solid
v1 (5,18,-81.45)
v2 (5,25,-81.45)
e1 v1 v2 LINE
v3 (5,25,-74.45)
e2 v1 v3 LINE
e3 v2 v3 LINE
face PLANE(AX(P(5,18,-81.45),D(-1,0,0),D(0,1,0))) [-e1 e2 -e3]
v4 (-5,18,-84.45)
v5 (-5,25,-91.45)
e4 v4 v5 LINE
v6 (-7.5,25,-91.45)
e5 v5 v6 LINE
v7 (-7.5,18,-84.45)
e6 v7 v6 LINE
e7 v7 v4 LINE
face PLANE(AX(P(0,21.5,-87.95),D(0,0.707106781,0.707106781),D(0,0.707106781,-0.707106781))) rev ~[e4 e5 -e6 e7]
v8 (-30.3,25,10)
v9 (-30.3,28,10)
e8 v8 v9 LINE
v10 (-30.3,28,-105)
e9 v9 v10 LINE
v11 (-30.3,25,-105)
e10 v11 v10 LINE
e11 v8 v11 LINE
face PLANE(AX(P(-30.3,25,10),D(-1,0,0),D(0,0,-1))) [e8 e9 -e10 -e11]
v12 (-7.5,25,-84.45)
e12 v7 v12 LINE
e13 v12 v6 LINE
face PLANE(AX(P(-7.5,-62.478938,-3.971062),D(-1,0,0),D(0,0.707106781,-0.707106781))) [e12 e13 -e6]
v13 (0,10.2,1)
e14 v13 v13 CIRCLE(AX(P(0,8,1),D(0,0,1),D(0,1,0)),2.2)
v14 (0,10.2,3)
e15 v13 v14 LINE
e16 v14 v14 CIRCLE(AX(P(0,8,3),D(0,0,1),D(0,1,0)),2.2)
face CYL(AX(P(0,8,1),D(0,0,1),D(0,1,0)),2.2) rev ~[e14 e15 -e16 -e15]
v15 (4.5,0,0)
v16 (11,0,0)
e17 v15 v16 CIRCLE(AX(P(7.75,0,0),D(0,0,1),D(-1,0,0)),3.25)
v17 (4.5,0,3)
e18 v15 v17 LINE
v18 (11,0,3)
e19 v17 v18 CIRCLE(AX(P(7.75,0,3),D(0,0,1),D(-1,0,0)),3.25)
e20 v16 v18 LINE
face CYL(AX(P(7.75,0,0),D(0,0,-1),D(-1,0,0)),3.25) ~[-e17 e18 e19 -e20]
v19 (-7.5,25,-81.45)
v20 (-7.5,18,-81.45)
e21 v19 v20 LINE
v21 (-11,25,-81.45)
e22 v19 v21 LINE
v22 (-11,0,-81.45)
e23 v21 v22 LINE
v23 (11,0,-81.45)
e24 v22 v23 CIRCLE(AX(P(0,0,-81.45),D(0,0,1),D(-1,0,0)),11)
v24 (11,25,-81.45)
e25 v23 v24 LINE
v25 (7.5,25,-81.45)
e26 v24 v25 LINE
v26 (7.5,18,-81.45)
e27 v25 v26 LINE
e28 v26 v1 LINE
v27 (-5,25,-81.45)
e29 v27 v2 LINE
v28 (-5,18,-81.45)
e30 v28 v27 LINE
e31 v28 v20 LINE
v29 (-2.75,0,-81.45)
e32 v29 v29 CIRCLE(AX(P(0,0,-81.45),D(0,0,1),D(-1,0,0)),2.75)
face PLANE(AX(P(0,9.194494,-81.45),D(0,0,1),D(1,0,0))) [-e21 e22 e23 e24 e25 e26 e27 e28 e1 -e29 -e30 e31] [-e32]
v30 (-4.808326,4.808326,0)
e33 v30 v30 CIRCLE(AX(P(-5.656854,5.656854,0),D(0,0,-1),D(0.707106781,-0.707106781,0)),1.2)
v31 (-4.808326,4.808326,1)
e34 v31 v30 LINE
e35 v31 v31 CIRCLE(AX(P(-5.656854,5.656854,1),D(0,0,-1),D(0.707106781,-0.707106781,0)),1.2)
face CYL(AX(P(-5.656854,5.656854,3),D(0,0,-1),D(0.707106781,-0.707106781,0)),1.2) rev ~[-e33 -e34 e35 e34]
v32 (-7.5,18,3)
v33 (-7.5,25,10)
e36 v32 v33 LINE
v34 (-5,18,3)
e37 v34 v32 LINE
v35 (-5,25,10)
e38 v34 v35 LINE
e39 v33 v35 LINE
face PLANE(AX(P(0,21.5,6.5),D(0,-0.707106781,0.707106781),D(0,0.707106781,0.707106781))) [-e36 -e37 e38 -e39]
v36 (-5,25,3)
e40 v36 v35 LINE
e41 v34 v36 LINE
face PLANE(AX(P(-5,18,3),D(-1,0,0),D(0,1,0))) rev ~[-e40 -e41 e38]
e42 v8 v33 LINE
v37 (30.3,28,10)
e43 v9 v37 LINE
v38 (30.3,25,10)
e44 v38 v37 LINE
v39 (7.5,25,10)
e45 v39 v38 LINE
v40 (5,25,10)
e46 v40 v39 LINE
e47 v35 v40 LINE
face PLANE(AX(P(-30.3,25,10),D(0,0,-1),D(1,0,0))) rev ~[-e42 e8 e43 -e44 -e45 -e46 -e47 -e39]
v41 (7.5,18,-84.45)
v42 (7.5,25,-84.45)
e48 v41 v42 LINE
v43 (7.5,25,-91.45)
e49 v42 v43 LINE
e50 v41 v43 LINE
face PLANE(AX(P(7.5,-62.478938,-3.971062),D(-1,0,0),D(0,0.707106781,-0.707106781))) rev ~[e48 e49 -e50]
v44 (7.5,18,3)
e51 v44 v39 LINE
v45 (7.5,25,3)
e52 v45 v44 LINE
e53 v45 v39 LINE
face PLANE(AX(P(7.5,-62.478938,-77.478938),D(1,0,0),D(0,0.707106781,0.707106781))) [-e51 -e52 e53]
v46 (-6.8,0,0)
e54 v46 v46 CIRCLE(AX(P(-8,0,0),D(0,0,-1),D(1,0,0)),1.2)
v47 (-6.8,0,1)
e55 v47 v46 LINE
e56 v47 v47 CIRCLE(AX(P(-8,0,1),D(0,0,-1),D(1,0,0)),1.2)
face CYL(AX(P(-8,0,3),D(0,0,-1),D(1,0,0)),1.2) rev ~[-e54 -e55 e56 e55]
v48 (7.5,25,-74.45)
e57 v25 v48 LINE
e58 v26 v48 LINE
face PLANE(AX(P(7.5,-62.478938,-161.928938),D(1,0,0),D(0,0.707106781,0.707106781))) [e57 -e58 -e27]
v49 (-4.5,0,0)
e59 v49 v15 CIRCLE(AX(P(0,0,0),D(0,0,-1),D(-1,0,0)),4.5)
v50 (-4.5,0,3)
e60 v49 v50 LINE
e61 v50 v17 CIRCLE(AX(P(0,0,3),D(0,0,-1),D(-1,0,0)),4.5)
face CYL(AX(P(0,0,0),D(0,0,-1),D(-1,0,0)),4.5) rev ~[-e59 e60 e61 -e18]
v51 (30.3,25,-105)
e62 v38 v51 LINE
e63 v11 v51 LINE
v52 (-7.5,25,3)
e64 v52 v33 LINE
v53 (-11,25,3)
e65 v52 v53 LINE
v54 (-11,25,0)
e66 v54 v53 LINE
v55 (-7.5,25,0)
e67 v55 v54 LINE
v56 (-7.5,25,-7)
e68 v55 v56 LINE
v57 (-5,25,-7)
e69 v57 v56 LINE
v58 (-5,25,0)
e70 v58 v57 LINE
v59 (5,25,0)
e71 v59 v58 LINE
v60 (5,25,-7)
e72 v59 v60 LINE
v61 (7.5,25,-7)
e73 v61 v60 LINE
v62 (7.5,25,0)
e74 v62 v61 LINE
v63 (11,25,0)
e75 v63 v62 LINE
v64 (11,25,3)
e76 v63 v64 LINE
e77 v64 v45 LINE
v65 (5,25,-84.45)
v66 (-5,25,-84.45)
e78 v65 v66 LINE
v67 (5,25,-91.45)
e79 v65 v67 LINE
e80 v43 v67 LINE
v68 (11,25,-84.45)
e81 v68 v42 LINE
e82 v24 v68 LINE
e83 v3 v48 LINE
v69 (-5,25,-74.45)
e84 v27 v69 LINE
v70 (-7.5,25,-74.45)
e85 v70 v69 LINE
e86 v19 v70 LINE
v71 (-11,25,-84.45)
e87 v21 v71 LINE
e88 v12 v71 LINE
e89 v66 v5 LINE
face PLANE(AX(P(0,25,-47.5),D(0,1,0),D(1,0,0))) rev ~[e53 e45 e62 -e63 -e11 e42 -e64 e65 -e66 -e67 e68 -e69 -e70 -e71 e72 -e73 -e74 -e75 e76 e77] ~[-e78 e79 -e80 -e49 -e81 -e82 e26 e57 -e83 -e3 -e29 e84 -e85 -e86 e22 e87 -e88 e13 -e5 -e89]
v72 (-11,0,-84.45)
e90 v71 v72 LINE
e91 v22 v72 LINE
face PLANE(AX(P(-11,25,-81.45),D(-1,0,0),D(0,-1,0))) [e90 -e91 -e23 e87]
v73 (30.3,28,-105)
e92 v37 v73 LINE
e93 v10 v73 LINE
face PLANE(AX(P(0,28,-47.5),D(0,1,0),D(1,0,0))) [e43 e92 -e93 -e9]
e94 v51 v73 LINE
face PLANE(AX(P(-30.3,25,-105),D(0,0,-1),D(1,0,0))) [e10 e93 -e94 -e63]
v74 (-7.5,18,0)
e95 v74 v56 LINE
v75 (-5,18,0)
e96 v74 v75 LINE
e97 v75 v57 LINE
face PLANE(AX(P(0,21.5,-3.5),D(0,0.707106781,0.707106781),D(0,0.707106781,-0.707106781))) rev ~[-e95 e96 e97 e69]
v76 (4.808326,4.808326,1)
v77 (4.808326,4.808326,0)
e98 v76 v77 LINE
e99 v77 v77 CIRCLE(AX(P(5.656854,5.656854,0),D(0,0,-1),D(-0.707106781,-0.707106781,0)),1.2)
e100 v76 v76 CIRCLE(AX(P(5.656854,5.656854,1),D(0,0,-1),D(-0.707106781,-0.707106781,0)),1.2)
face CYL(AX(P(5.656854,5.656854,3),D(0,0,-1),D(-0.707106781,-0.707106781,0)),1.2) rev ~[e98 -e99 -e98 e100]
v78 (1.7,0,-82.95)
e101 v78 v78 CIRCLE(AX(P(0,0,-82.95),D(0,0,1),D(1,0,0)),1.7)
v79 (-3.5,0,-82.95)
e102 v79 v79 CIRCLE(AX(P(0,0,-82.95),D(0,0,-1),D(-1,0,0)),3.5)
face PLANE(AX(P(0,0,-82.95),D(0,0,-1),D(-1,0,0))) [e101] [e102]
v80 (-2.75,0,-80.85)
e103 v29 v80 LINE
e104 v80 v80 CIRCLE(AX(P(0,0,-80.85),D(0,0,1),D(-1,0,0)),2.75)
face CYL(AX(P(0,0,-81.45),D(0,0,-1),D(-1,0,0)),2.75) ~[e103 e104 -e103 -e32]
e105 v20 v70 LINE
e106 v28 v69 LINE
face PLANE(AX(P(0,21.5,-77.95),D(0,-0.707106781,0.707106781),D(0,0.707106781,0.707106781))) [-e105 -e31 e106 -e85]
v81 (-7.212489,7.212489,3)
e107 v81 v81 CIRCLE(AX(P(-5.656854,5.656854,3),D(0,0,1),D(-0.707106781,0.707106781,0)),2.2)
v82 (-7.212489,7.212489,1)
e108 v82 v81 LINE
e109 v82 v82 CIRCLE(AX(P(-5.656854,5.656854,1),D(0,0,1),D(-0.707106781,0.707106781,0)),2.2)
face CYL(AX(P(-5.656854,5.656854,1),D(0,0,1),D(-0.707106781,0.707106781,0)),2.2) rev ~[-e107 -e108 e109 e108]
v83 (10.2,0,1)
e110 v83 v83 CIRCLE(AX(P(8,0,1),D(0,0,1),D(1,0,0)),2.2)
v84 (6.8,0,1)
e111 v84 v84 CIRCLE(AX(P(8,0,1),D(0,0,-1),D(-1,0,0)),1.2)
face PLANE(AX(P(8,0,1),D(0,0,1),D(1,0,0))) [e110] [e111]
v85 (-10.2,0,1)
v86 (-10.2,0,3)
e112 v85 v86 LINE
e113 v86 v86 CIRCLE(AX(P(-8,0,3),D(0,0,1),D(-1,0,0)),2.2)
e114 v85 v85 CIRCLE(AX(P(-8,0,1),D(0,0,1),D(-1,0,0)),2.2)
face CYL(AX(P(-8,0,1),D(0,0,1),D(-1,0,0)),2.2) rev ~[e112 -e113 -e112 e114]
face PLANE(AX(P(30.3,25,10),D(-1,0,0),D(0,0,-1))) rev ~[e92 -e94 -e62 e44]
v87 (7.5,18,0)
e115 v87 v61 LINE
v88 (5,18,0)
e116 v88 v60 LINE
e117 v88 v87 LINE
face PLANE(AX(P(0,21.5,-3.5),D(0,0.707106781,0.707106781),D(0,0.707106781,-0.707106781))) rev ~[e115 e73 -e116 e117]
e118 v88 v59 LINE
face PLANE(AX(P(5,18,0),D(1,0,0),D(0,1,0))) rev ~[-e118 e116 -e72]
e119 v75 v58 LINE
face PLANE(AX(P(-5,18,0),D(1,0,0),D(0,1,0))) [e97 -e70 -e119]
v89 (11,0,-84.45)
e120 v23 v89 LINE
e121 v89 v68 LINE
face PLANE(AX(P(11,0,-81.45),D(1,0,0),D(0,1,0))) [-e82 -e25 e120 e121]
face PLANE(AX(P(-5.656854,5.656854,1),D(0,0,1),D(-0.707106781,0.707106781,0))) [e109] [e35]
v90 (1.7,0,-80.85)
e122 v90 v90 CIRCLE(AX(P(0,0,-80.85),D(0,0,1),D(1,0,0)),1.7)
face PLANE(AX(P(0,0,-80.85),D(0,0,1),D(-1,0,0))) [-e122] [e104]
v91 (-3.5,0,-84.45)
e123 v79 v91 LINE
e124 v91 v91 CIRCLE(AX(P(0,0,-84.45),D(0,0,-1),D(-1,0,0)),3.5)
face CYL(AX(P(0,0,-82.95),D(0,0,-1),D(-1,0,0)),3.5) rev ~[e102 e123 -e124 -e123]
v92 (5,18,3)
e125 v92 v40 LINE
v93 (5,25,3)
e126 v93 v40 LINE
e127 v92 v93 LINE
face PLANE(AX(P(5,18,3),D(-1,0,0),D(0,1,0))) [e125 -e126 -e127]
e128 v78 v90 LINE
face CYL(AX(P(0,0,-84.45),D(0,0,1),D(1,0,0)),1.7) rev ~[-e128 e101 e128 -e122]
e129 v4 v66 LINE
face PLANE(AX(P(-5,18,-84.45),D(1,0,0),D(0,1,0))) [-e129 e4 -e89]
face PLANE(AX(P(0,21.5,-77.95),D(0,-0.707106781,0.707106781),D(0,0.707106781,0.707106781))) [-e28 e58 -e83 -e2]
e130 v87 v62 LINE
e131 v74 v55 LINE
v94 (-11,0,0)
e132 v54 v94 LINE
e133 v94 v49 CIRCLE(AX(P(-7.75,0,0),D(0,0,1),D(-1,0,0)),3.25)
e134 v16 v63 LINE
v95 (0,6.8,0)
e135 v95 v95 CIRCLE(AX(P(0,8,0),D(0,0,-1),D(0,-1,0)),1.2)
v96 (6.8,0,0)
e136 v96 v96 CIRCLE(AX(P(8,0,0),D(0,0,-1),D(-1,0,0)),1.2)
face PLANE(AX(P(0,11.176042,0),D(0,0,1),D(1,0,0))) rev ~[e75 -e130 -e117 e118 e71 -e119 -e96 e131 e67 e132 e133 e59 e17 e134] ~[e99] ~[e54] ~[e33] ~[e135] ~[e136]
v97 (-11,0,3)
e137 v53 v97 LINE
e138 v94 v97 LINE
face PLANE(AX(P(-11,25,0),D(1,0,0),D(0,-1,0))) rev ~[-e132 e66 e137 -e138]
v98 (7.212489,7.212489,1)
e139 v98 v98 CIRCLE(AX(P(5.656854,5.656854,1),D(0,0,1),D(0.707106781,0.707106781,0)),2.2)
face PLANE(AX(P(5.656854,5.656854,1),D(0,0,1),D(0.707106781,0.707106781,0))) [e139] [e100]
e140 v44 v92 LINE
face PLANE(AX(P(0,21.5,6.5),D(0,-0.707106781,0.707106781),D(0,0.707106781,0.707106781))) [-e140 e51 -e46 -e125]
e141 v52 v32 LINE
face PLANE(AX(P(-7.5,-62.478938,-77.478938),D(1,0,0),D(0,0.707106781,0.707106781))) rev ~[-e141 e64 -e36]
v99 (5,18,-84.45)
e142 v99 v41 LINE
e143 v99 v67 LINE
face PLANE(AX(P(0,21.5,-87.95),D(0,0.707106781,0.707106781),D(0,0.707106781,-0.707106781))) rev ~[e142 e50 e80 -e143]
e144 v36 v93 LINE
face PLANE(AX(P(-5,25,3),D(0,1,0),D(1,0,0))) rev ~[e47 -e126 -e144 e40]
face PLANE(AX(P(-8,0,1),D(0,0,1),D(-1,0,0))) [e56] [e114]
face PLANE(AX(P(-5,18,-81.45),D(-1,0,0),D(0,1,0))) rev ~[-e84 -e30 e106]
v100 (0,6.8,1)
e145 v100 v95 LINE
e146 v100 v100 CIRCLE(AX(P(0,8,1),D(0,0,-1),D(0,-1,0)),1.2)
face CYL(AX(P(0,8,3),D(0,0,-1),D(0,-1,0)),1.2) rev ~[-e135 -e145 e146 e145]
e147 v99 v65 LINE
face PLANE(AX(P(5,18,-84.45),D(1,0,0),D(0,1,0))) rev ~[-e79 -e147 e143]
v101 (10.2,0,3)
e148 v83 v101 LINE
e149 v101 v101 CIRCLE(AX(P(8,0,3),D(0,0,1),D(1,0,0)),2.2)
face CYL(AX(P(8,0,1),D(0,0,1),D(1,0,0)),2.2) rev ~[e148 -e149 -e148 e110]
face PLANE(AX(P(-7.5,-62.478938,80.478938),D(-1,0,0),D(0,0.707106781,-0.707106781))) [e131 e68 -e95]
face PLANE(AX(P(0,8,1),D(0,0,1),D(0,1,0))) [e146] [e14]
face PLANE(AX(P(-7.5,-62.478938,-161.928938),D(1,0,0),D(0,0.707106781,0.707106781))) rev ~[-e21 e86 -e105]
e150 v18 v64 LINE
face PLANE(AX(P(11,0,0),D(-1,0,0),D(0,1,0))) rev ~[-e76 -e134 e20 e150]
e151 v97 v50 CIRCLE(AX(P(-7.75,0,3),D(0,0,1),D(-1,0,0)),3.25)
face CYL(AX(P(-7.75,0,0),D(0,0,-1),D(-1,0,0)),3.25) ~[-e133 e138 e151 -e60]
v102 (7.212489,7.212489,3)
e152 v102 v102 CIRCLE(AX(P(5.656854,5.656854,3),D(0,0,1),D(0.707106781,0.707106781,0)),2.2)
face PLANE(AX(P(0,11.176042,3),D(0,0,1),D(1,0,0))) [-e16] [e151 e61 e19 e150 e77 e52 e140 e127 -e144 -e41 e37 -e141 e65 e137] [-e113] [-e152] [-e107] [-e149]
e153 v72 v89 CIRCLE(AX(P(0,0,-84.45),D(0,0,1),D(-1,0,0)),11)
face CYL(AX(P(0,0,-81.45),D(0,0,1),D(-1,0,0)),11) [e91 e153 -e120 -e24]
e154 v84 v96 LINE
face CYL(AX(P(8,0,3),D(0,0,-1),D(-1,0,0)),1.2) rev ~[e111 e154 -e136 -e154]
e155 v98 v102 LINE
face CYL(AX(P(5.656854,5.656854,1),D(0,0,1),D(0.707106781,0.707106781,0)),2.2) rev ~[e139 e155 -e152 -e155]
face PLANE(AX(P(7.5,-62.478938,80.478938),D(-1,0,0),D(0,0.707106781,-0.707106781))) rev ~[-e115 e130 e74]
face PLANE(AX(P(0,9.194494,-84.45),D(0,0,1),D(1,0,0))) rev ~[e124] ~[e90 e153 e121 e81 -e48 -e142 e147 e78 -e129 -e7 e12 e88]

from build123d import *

# Parameters (mm, degrees)
RESSALTO_EXTRUS_O1_DEPTH                            = 3
ESBO_O2_W                                           = 60.6
ESBO_O2_H                                           = 115
RESSALTO_EXTRUS_O2_DEPTH                            = 3
RESSALTO_EXTRUS_O3_DEPTH                            = 3
REBAIXO_PARA_SHCS_M21_D                             = 2.4
REBAIXO_PARA_SHCS_M21_DEPTH                         = 3
REBAIXO_PARA_SHCS_M21_CBORE_D                       = 4.4
REBAIXO_PARA_SHCS_M21_CBORE_DEPTH                   = 2
PADR_OCIRCULAR1_COUNT                               = 5
PADR_OCIRCULAR1_ANGLE                               = 180
NERVURA1_REACH                                      = 114.814
ESBO_O6_WALL_W                                      = 237.528305154
ESBO_O6_WALL_H                                      = 15
CORTE_EXTRUS_O1_REACH                               = 117.612
ESBO_O7_W                                           = 10
ESBO_O7_H                                           = 7
NERVURA7_REACH                                      = 114.814
ESBO_O8_WALL_W                                      = 237.528305154
ESBO_O8_WALL_H                                      = 15
CORTE_EXTRUS_O2_REACH                               = 114.814
ESBO_O9_W                                           = 10
ESBO_O9_H                                           = 7
PADR_O_LINEAR1_COUNT                                = 2
PADR_O_LINEAR1_PITCH                                = 84.45
ESBO_O10_R                                          = 2.75
RESSALTO_EXTRUS_O4_DEPTH                            = 0.6
REBAIXO_PARA_PARAFUSO_COM_CABE_A_PANELA_D           = 3.4
REBAIXO_PARA_PARAFUSO_COM_CABE_A_PANELA_CBORE_D     = 7
REBAIXO_PARA_PARAFUSO_COM_CABE_A_PANELA_CBORE_DEPTH = 1.5


with BuildPart() as part:
    # Esboço1 → Ressalto-extrusão1 (new body)
    with BuildSketch(Plane.XY):
        with BuildLine():
            Line((11, 0), (11, 25))
            Line((11, 25), (-11, 25))
            Line((-11, 25), (-11, 0))
            ThreePointArc((-11, 0), (-7.75, -3.25), (-4.5, 0))
            ThreePointArc((-4.5, 0), (0, 4.5), (4.5, 0))
            ThreePointArc((4.5, 0), (7.75, -3.25), (11, 0))
        make_face()
    extrude(amount=RESSALTO_EXTRUS_O1_DEPTH)

    # Esboço2 → Ressalto-extrusão2 (add)
    with BuildSketch(Plane(origin=(0, 25, 0), x_dir=(1, 0, 0), z_dir=(0, 1, 0))):
        with Locations((0, 47.5)):
            Rectangle(ESBO_O2_W, ESBO_O2_H)
    extrude(amount=RESSALTO_EXTRUS_O2_DEPTH)

    # Esboço3 → Ressalto-extrusão3 (add)
    with BuildSketch(Plane(origin=(0, 0, -81.45), x_dir=(-1, 0, 0), z_dir=(0, 0, -1))):
        with BuildLine():
            Line((-11, 0), (-11, 25))
            Line((-11, 25), (11, 25))
            Line((11, 25), (11, 0))
            ThreePointArc((11, 0), (0, -11), (-11, 0))
        make_face()
    extrude(amount=RESSALTO_EXTRUS_O3_DEPTH)

    # Rebaixo para SHCS M21
    with Locations(Plane.XY.offset(3)):
        with Locations((8, 0)):
            rebaixo_para_shcs_m21 = CounterBoreHole(REBAIXO_PARA_SHCS_M21_D / 2, REBAIXO_PARA_SHCS_M21_CBORE_D / 2, REBAIXO_PARA_SHCS_M21_CBORE_DEPTH, depth=REBAIXO_PARA_SHCS_M21_DEPTH)

    # PadrãoCircular1: Rebaixo para SHCS M21 ×5 about axis
    padr_ocircular1_axis = Axis((0, 0, 0), (0, 0, 1))
    for i in range(1, PADR_OCIRCULAR1_COUNT):
        add(rebaixo_para_shcs_m21.rotate(padr_ocircular1_axis, i * PADR_OCIRCULAR1_ANGLE / (PADR_OCIRCULAR1_COUNT - 1)), mode=Mode.SUBTRACT)

    # Esboço6 wall → Nervura1 (add, up to next)
    with BuildSketch(Plane(origin=(0, 21.5, 6.5), x_dir=(0, 0.707106781187, 0.707106781187), z_dir=(0, -0.707106781187, 0.707106781187)), mode=Mode.PRIVATE) as nervura1_sk1:
        Rectangle(ESBO_O6_WALL_W, ESBO_O6_WALL_H)
    nervura1_tool1 = extrude(nervura1_sk1.sketch, amount=-NERVURA1_REACH, mode=Mode.PRIVATE) - part.part
    nervura1 = nervura1_tool1.solids().sort_by_distance((0, 21.5, 6.5))[0]
    add(nervura1)

    # Corte-extrusão1: up to this face of the body (flat: up to its plane)
    corte_extrus_o1_end = Plane(part.part.faces().sort_by_distance((0, 21.5, 6.5))[0])
    # Esboço7 → Corte-extrusão1 (cut, up to the picked face)
    with BuildSketch(Plane.XY.offset(3), mode=Mode.PRIVATE) as corte_extrus_o1_sk1:
        with Locations((0, 21.5)):
            Rectangle(ESBO_O7_W, ESBO_O7_H)
    corte_extrus_o1_tool1 = split(extrude(corte_extrus_o1_sk1.sketch, amount=CORTE_EXTRUS_O1_REACH, mode=Mode.PRIVATE), bisect_by=corte_extrus_o1_end, keep=Keep.BOTH, mode=Mode.PRIVATE)
    corte_extrus_o1 = corte_extrus_o1_tool1.solids().sort_by(Axis((0, 21.5, 3), (0, 0, 1)))[0]
    add(corte_extrus_o1, mode=Mode.SUBTRACT)

    # Esboço8 wall → Nervura7 (add, up to next)
    with BuildSketch(Plane(origin=(0, 21.5, -3.5), x_dir=(0, 0.707106781187, -0.707106781187), z_dir=(0, 0.707106781187, 0.707106781187)), mode=Mode.PRIVATE) as nervura7_sk1:
        Rectangle(ESBO_O8_WALL_W, ESBO_O8_WALL_H)
    nervura7_tool1 = extrude(nervura7_sk1.sketch, amount=NERVURA7_REACH, mode=Mode.PRIVATE) - part.part
    nervura7 = nervura7_tool1.solids().sort_by_distance((0, 21.5, -3.5))[0]
    add(nervura7)

    # Corte-extrusão2: up to this face of the body (flat: up to its plane)
    corte_extrus_o2_end = Plane(part.part.faces().sort_by_distance((0, 21.5, -3.5))[0])
    # Esboço9 → Corte-extrusão2 (cut, up to the picked face)
    with BuildSketch(Plane(origin=(0, 0, 0), x_dir=(-1, 0, 0), z_dir=(0, 0, -1)), mode=Mode.PRIVATE) as corte_extrus_o2_sk1:
        with Locations((0, 21.5)):
            Rectangle(ESBO_O9_W, ESBO_O9_H)
    corte_extrus_o2_tool1 = split(extrude(corte_extrus_o2_sk1.sketch, amount=CORTE_EXTRUS_O2_REACH, mode=Mode.PRIVATE), bisect_by=corte_extrus_o2_end, keep=Keep.BOTH, mode=Mode.PRIVATE)
    corte_extrus_o2 = corte_extrus_o2_tool1.solids().sort_by(Axis((0, 21.5, 0), (0, 0, -1)))[0]
    add(corte_extrus_o2, mode=Mode.SUBTRACT)

    # Padrão linear1: Nervura1, Corte-extrusão1, Nervura7, Corte-extrusão2 ×2
    with Locations(*[(0, 0, -i * PADR_O_LINEAR1_PITCH) for i in range(1, PADR_O_LINEAR1_COUNT)]):
        add(nervura1)
        add(corte_extrus_o1, mode=Mode.SUBTRACT)
        add(nervura7)
        add(corte_extrus_o2, mode=Mode.SUBTRACT)

    # Esboço10 → Ressalto-extrusão4 (add)
    with BuildSketch(Plane.XY.offset(-81.45)):
        with Locations(Location((0, 0, 0), (0, 0, 180))):
            Circle(ESBO_O10_R)
    extrude(amount=RESSALTO_EXTRUS_O4_DEPTH)

    # Rebaixo para parafuso com cabeça panela de M31 (through all)
    with Locations(Plane(origin=(0, 0, -84.45), x_dir=(-1, 0, 0), z_dir=(0, 0, -1))):
        with Locations((0, 0)):
            CounterBoreHole(REBAIXO_PARA_PARAFUSO_COM_CABE_A_PANELA_D / 2, REBAIXO_PARA_PARAFUSO_COM_CABE_A_PANELA_CBORE_D / 2, REBAIXO_PARA_PARAFUSO_COM_CABE_A_PANELA_CBORE_DEPTH)


solid = part.part
